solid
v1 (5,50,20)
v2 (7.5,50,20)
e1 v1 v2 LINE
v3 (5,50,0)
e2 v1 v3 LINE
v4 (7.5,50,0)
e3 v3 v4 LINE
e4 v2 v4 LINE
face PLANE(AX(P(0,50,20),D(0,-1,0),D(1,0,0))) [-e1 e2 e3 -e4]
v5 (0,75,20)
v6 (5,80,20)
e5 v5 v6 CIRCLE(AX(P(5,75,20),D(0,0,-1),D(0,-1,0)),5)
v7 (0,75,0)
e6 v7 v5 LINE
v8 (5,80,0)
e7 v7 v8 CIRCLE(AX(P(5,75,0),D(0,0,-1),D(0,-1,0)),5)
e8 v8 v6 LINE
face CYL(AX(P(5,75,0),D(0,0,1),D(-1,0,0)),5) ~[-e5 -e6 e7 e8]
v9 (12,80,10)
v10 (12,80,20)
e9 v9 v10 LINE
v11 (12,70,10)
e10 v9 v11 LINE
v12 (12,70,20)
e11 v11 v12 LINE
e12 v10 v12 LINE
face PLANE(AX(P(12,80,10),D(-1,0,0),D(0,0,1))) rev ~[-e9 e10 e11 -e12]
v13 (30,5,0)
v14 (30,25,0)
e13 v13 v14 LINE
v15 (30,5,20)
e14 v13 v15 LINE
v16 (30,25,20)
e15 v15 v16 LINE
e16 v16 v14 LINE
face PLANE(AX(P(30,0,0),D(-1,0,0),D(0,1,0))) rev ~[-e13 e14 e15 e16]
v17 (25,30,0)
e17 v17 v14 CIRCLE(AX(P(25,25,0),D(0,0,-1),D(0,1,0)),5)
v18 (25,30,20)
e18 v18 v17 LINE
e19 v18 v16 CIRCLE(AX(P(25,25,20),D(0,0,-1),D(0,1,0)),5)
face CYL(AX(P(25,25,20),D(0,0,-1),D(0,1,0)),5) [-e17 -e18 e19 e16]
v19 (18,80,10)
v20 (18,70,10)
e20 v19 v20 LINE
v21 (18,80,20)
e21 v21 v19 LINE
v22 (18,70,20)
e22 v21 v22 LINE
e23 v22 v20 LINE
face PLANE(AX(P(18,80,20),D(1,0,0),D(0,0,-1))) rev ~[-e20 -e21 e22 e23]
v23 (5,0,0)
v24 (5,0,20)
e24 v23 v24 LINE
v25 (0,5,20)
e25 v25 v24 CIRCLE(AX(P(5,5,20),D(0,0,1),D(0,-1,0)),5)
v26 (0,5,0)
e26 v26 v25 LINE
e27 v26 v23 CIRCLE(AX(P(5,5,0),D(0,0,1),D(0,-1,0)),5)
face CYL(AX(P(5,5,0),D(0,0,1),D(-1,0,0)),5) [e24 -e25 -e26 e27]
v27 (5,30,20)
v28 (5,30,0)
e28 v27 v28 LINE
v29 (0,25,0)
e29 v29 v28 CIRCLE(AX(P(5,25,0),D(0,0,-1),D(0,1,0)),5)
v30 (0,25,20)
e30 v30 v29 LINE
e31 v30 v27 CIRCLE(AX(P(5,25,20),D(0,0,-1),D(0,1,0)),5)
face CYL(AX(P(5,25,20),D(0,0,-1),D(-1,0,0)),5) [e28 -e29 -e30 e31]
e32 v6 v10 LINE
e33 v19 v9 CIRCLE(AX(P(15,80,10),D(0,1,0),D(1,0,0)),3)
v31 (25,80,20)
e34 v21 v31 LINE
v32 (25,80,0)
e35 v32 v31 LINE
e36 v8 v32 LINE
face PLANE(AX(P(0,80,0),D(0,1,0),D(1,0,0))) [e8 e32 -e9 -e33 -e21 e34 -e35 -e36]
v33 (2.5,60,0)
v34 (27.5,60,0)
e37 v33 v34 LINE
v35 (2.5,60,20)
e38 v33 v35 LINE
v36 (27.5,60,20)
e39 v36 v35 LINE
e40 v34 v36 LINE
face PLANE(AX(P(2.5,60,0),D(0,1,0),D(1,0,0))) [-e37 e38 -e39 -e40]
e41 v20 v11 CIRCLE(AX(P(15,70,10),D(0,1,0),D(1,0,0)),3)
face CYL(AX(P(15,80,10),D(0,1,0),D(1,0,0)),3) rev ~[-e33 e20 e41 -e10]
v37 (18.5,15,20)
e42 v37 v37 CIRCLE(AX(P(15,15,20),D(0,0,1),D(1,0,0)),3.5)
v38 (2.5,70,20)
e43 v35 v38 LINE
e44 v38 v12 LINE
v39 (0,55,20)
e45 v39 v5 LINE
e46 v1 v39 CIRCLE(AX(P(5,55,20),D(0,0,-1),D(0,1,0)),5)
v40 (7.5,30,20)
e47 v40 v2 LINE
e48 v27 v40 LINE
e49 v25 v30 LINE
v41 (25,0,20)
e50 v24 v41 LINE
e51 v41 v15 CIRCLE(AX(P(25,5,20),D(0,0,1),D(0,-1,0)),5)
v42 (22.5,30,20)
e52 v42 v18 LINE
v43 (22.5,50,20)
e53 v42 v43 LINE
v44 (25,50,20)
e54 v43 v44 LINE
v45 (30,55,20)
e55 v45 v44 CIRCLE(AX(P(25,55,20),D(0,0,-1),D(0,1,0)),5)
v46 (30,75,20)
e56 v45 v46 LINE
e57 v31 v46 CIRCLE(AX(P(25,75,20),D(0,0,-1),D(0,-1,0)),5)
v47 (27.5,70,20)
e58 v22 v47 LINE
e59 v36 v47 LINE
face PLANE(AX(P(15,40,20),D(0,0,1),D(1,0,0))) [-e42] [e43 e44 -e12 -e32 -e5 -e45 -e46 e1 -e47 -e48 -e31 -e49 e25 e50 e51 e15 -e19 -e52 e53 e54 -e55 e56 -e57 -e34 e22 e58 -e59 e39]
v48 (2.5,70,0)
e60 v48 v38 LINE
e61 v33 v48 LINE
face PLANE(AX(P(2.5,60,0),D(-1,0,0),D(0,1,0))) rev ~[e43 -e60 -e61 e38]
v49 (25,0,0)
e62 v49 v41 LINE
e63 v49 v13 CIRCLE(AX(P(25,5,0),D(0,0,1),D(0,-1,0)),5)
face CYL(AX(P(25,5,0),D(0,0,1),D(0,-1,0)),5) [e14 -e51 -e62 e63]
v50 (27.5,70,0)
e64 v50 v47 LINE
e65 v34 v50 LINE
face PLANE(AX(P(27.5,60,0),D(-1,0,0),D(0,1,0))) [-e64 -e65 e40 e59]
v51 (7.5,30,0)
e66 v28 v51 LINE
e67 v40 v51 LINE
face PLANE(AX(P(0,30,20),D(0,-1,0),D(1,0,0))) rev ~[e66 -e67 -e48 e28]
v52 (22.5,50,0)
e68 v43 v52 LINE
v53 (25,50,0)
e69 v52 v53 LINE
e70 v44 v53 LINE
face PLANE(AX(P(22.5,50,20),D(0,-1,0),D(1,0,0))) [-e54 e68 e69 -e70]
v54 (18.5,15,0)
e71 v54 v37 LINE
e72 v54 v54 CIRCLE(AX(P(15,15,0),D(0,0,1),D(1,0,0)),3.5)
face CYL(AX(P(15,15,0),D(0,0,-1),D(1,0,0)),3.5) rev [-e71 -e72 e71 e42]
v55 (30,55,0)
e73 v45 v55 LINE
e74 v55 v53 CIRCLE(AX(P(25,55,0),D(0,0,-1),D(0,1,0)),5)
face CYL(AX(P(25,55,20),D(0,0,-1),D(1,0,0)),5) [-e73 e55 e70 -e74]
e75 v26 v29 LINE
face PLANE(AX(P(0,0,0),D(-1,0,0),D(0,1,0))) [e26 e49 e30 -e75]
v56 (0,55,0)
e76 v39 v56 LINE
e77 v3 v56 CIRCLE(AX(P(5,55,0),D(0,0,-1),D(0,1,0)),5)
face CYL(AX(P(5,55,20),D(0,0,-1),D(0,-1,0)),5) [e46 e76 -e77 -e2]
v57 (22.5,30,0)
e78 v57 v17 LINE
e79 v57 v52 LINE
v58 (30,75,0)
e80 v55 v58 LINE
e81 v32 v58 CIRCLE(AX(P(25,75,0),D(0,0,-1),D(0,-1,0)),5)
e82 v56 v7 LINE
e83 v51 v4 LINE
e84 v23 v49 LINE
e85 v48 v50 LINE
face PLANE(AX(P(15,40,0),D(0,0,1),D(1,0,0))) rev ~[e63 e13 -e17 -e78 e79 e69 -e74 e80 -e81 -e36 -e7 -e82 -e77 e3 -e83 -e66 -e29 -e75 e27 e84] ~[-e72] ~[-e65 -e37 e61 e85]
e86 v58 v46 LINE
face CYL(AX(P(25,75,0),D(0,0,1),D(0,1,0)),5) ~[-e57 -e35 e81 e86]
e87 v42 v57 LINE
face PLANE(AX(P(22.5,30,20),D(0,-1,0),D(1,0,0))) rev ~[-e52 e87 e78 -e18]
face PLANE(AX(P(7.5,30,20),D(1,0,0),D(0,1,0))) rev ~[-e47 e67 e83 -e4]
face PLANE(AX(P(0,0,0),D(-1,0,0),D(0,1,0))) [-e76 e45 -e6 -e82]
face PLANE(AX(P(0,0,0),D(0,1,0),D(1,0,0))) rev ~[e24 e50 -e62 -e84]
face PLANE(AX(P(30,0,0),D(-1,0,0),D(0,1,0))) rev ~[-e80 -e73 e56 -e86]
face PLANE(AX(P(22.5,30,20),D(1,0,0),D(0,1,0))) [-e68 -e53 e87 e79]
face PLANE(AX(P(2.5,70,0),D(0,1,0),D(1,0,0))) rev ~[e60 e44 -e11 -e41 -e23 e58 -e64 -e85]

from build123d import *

# Parameters (mm, degrees)
F0_W     = 30
F0_H     = 80
F1_DEPTH = 20
F2_R     = 3.5
F3_DEPTH = 20
F4_W     = 25
F4_H     = 10
F5_DEPTH = 20
F7_DEPTH = 20
F8_W     = 7.5
F8_H     = 20
F9_DEPTH = 20
F10_R    = 5
F11_R    = 5


with BuildPart() as f1:
    # F0 (on Top) → F1 (new body)
    with BuildSketch(Plane.XY):
        with Locations((15, 40)):
            Rectangle(F0_W, F0_H)
    extrude(amount=F1_DEPTH)

    # F2 (on Top) → F3 (cut)
    with BuildSketch(Plane.XY):
        with Locations((15, 15)):
            Circle(F2_R)
    extrude(amount=F3_DEPTH, mode=Mode.SUBTRACT)

    # F4 (on Top) → F5 (cut)
    with BuildSketch(Plane.XY):
        with Locations((15, 65)):
            Rectangle(F4_W, F4_H)
    extrude(amount=F5_DEPTH, mode=Mode.SUBTRACT)

    # F6 (on face) → F7 (cut)
    with BuildSketch(Plane(origin=(0, 80, 0), x_dir=(-1, 0, 0), z_dir=(0, 1, 0))):
        with BuildLine():
            ThreePointArc((-12, 10), (-15, 13), (-18, 10))
            Line((-18, 10), (-12, 10))
        make_face()
        with BuildLine():
            Line((-18, 20), (-18, 10))
            ThreePointArc((-18, 10), (-15, 13), (-12, 10))
            Line((-12, 10), (-12, 20))
            Line((-12, 20), (-18, 20))
        make_face()
        with BuildLine():
            Line((-12, 10), (-18, 10))
            ThreePointArc((-18, 10), (-15, 7), (-12, 10))
        make_face()
    extrude(amount=-F7_DEPTH, mode=Mode.SUBTRACT)

    # F8 (on face) → F9 (cut)
    with BuildSketch(Plane.XY.offset(20)):
        with Locations((26.25, 40)):
            Rectangle(F8_W, F8_H)
        with Locations((3.75, 40)):
            Rectangle(F8_W, F8_H)
    extrude(amount=-F9_DEPTH, mode=Mode.SUBTRACT)

    # F10
    f10_edges = [f1.edges().sort_by_distance(p)[0] for p in [
        (30, 30, 10),
        (0, 30, 10),
        (0, 0, 10),
        (30, 0, 10),
    ]]
    fillet(f10_edges, radius=F10_R)

    # F11
    f11_edges = [f1.edges().sort_by_distance(p)[0] for p in [
        (0, 80, 10),
        (0, 50, 10),
        (30, 50, 10),
        (30, 80, 10),
    ]]
    fillet(f11_edges, radius=F11_R)


solid = f1.part
